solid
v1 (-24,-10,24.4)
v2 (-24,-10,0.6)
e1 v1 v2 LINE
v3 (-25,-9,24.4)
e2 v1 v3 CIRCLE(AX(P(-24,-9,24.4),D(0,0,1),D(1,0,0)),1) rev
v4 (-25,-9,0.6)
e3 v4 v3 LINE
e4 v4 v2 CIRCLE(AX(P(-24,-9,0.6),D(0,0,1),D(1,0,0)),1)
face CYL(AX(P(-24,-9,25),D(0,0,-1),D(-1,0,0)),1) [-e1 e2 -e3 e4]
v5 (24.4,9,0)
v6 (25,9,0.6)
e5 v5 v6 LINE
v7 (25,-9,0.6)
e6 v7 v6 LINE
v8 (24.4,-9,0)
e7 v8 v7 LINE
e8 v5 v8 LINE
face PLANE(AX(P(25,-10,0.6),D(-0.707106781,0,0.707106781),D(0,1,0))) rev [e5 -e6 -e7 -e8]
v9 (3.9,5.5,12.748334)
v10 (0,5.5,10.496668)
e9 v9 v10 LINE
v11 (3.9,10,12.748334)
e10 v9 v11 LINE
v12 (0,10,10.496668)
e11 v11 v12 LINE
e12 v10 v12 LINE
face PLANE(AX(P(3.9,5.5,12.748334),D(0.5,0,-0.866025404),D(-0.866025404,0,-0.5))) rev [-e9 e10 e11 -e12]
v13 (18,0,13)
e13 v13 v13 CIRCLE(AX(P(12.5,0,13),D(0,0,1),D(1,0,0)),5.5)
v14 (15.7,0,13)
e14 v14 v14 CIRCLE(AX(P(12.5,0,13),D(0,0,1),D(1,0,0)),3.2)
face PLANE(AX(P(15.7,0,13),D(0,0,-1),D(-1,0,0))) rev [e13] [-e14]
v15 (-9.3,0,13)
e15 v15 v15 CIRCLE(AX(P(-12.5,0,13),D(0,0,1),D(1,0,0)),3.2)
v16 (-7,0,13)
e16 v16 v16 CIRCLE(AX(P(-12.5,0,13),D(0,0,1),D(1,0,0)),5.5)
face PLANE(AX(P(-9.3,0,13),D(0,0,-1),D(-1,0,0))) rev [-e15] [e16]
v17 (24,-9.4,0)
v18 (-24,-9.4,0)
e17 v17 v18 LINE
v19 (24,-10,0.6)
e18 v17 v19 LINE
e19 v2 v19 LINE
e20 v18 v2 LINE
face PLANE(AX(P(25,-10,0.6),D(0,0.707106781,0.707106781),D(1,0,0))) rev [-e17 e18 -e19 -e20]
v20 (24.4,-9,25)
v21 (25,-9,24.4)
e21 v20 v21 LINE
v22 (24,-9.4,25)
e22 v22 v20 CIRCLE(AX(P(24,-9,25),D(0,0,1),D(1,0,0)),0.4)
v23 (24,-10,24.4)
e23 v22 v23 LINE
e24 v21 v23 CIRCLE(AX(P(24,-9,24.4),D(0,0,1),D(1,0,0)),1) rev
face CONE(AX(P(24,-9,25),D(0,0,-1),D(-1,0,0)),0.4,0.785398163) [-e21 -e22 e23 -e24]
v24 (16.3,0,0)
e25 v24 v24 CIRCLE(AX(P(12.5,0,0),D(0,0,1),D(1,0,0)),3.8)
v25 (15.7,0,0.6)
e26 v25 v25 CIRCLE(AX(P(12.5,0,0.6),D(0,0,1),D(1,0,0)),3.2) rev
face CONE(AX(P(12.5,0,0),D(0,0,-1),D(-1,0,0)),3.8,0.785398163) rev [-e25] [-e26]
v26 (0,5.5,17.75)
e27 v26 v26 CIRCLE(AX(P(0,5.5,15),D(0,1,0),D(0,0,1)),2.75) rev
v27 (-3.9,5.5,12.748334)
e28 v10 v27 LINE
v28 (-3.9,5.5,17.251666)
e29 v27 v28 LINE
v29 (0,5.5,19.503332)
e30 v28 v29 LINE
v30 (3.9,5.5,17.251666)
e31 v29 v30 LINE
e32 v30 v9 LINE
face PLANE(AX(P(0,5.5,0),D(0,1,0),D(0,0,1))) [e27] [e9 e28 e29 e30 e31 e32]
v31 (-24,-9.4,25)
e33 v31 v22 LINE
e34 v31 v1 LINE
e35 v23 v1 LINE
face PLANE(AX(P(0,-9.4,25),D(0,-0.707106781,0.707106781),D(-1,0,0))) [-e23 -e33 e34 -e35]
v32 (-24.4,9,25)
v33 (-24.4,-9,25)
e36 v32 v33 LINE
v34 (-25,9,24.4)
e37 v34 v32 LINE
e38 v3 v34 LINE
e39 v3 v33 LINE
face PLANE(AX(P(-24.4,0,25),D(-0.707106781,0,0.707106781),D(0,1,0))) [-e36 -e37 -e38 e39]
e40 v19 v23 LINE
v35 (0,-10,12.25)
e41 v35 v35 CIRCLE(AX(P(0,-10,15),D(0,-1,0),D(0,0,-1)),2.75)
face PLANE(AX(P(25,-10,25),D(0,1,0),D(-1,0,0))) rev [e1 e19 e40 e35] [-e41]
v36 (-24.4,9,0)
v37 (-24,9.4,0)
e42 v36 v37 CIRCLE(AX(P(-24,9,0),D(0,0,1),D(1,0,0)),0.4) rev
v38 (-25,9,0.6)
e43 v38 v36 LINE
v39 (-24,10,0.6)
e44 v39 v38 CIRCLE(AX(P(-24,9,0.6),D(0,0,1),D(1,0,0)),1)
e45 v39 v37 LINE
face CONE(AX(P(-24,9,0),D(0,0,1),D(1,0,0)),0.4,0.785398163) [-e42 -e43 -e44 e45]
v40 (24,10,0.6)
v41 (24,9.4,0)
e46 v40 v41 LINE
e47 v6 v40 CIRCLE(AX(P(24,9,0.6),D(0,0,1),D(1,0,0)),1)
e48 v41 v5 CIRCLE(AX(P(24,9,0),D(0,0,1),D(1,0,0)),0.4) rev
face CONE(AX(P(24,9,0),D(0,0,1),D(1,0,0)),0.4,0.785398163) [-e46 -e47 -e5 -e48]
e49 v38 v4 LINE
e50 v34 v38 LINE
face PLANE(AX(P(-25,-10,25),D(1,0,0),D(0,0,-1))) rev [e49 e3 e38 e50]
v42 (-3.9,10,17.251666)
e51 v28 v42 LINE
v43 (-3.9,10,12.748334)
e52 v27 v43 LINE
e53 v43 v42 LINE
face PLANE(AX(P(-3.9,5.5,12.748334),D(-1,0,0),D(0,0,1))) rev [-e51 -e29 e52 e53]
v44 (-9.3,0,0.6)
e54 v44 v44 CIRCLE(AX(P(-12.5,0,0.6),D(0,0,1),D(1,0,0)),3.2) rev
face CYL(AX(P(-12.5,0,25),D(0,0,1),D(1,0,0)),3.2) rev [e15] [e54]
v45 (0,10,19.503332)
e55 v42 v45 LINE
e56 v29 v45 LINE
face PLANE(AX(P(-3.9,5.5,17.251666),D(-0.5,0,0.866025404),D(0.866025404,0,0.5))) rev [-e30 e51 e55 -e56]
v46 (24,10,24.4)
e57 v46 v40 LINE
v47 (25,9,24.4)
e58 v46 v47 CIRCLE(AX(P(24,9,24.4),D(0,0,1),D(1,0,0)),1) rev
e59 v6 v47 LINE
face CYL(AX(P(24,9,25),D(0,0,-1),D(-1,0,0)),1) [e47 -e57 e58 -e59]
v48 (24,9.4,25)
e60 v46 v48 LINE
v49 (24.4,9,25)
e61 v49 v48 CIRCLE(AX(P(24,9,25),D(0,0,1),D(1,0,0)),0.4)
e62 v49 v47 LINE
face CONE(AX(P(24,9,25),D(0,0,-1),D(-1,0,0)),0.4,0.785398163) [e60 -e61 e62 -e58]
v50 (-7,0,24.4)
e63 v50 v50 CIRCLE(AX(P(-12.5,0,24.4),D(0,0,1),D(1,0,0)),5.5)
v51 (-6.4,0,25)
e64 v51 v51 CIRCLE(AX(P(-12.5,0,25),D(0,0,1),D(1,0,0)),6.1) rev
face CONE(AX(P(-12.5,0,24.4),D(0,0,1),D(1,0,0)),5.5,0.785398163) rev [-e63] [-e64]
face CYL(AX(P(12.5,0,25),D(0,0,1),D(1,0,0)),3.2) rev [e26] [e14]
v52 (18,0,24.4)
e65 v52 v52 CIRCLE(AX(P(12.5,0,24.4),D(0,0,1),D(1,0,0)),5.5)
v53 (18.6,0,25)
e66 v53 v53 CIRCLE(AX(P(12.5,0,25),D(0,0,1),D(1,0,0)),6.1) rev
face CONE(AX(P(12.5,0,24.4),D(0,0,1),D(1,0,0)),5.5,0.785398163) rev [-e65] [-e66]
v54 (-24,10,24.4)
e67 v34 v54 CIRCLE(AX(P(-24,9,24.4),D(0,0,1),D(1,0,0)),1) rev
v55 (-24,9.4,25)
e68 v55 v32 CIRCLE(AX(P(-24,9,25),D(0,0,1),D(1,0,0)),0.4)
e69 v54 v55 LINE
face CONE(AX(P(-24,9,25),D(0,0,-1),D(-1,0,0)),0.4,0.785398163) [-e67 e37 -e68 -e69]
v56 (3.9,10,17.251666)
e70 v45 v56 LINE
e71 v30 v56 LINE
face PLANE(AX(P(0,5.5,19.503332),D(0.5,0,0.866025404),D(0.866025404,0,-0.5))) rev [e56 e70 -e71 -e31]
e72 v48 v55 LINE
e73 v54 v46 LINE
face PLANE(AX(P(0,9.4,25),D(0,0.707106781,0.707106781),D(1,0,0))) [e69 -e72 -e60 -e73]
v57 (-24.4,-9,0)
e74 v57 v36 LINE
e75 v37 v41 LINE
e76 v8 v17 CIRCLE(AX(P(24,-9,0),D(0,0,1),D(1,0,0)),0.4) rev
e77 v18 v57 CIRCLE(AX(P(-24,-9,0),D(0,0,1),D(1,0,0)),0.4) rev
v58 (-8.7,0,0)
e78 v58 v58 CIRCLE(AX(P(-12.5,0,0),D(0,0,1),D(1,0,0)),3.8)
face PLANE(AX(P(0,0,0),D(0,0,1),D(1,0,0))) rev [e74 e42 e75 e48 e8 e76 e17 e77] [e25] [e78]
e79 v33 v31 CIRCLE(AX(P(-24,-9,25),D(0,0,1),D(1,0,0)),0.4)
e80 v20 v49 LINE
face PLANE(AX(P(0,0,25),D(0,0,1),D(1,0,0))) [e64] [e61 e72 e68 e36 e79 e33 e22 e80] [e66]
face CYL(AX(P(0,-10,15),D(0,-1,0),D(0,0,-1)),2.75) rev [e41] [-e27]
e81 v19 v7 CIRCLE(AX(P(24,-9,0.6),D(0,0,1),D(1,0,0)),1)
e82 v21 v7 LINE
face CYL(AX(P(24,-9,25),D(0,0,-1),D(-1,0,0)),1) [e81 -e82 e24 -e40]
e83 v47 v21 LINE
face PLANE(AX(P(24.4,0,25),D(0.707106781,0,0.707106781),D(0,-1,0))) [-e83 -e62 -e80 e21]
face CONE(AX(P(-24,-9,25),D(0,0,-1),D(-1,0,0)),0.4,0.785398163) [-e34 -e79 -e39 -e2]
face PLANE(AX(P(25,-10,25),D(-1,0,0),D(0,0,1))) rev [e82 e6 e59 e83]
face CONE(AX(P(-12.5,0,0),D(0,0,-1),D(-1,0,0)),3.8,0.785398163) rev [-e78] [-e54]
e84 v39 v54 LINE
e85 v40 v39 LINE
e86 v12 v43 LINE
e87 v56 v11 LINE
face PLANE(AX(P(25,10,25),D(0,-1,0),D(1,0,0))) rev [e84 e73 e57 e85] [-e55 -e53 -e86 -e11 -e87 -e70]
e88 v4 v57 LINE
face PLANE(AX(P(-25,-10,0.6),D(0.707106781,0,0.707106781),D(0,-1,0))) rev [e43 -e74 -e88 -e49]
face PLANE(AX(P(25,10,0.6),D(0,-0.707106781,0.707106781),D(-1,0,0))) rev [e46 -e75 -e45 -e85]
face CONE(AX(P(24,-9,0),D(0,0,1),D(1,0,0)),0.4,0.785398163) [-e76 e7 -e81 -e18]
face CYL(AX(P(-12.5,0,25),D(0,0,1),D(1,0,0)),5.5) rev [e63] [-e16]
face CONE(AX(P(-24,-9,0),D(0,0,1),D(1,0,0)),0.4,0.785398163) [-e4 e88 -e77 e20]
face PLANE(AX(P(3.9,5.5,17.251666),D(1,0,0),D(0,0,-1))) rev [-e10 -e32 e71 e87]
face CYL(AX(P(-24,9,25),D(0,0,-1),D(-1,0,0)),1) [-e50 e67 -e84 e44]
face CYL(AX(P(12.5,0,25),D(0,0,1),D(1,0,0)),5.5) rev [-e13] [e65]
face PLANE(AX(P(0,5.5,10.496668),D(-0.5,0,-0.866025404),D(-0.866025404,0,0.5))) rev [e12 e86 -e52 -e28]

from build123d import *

# Parameters (mm, degrees)
SKETCH1_W                                           = 50
SKETCH1_H                                           = 20
BOSS_EXTRUDE1_DEPTH                                 = 25
CBORE_FOR_M6_HEX_SOCKET_HEAD_CAP_SCREW1_D           = 6.4
CBORE_FOR_M6_HEX_SOCKET_HEAD_CAP_SCREW1_CBORE_D     = 11
CBORE_FOR_M6_HEX_SOCKET_HEAD_CAP_SCREW1_CBORE_DEPTH = 12
M5_CLEARANCE_HOLE1_D                                = 5.5
CUT_EXTRUDE1_DEPTH                                  = 4.5
FILLET1_R                                           = 1
CHAMFER1_SIZE                                       = 0.6


with BuildPart() as part:
    # Sketch1 → Boss-Extrude1 (new body)
    with BuildSketch(Plane.XY):
        Rectangle(SKETCH1_W, SKETCH1_H)
    extrude(amount=BOSS_EXTRUDE1_DEPTH)

    # CBORE for M6 Hex Socket Head Cap Screw1 (through all)
    with Locations(Plane.XY.offset(25)):
        with Locations((-12.5, 0), (12.5, 0)):
            CounterBoreHole(CBORE_FOR_M6_HEX_SOCKET_HEAD_CAP_SCREW1_D / 2, CBORE_FOR_M6_HEX_SOCKET_HEAD_CAP_SCREW1_CBORE_D / 2, CBORE_FOR_M6_HEX_SOCKET_HEAD_CAP_SCREW1_CBORE_DEPTH)

    # M5 Clearance Hole1 (through all)
    with Locations(Plane(origin=(0, -10, 0), x_dir=(-1, 0, 0), z_dir=(0, -1, 0))):
        with Locations((0, -15)):
            Hole(M5_CLEARANCE_HOLE1_D / 2)

    # Sketch7 → Cut-Extrude1 (cut)
    with BuildSketch(Plane(origin=(0, 10, 0), x_dir=(1, 0, 0), z_dir=(0, 1, 0))):
        Polygon((3.9, -12.74833395), (0, -10.4966679), (-3.9, -12.74833395), (-3.9, -17.25166605), (0, -19.5033321), (3.9, -17.25166605), align=None)
    extrude(amount=-CUT_EXTRUDE1_DEPTH, mode=Mode.SUBTRACT)

    # Fillet1
    fillet1_edges = [part.edges().sort_by_distance(p)[0] for p in [
        (-25, 10, 12.5),
        (25, 10, 12.5),
        (25, -10, 12.5),
        (-25, -10, 12.5),
    ]]
    fillet(fillet1_edges, radius=FILLET1_R)

    # Chamfer1
    chamfer1_edges = [part.edges().sort_by_distance(p)[0] for p in [
        (7, 0, 25),
        (15.7, 0, 0),
        (-18, 0, 25),
        (-9.3, 0, 0),
        (-25, 0, 0),
        (-25, 0, 25),
        (0, 10, 0),
        (25, 0, 0),
        (0, -10, 0),
        (24.707106781, -9.707106781, 0),
        (24.707106781, 9.707106781, 0),
        (-24.707106781, -9.707106781, 0),
        (-24.707106781, 9.707106781, 0),
        (0, 10, 25),
        (0, -10, 25),
        (25, 0, 25),
        (24.707106781, -9.707106781, 25),
        (24.707106781, 9.707106781, 25),
        (-24.707106781, -9.707106781, 25),
        (-24.707106781, 9.707106781, 25),
    ]]
    chamfer(chamfer1_edges, length=CHAMFER1_SIZE)


solid = part.part
